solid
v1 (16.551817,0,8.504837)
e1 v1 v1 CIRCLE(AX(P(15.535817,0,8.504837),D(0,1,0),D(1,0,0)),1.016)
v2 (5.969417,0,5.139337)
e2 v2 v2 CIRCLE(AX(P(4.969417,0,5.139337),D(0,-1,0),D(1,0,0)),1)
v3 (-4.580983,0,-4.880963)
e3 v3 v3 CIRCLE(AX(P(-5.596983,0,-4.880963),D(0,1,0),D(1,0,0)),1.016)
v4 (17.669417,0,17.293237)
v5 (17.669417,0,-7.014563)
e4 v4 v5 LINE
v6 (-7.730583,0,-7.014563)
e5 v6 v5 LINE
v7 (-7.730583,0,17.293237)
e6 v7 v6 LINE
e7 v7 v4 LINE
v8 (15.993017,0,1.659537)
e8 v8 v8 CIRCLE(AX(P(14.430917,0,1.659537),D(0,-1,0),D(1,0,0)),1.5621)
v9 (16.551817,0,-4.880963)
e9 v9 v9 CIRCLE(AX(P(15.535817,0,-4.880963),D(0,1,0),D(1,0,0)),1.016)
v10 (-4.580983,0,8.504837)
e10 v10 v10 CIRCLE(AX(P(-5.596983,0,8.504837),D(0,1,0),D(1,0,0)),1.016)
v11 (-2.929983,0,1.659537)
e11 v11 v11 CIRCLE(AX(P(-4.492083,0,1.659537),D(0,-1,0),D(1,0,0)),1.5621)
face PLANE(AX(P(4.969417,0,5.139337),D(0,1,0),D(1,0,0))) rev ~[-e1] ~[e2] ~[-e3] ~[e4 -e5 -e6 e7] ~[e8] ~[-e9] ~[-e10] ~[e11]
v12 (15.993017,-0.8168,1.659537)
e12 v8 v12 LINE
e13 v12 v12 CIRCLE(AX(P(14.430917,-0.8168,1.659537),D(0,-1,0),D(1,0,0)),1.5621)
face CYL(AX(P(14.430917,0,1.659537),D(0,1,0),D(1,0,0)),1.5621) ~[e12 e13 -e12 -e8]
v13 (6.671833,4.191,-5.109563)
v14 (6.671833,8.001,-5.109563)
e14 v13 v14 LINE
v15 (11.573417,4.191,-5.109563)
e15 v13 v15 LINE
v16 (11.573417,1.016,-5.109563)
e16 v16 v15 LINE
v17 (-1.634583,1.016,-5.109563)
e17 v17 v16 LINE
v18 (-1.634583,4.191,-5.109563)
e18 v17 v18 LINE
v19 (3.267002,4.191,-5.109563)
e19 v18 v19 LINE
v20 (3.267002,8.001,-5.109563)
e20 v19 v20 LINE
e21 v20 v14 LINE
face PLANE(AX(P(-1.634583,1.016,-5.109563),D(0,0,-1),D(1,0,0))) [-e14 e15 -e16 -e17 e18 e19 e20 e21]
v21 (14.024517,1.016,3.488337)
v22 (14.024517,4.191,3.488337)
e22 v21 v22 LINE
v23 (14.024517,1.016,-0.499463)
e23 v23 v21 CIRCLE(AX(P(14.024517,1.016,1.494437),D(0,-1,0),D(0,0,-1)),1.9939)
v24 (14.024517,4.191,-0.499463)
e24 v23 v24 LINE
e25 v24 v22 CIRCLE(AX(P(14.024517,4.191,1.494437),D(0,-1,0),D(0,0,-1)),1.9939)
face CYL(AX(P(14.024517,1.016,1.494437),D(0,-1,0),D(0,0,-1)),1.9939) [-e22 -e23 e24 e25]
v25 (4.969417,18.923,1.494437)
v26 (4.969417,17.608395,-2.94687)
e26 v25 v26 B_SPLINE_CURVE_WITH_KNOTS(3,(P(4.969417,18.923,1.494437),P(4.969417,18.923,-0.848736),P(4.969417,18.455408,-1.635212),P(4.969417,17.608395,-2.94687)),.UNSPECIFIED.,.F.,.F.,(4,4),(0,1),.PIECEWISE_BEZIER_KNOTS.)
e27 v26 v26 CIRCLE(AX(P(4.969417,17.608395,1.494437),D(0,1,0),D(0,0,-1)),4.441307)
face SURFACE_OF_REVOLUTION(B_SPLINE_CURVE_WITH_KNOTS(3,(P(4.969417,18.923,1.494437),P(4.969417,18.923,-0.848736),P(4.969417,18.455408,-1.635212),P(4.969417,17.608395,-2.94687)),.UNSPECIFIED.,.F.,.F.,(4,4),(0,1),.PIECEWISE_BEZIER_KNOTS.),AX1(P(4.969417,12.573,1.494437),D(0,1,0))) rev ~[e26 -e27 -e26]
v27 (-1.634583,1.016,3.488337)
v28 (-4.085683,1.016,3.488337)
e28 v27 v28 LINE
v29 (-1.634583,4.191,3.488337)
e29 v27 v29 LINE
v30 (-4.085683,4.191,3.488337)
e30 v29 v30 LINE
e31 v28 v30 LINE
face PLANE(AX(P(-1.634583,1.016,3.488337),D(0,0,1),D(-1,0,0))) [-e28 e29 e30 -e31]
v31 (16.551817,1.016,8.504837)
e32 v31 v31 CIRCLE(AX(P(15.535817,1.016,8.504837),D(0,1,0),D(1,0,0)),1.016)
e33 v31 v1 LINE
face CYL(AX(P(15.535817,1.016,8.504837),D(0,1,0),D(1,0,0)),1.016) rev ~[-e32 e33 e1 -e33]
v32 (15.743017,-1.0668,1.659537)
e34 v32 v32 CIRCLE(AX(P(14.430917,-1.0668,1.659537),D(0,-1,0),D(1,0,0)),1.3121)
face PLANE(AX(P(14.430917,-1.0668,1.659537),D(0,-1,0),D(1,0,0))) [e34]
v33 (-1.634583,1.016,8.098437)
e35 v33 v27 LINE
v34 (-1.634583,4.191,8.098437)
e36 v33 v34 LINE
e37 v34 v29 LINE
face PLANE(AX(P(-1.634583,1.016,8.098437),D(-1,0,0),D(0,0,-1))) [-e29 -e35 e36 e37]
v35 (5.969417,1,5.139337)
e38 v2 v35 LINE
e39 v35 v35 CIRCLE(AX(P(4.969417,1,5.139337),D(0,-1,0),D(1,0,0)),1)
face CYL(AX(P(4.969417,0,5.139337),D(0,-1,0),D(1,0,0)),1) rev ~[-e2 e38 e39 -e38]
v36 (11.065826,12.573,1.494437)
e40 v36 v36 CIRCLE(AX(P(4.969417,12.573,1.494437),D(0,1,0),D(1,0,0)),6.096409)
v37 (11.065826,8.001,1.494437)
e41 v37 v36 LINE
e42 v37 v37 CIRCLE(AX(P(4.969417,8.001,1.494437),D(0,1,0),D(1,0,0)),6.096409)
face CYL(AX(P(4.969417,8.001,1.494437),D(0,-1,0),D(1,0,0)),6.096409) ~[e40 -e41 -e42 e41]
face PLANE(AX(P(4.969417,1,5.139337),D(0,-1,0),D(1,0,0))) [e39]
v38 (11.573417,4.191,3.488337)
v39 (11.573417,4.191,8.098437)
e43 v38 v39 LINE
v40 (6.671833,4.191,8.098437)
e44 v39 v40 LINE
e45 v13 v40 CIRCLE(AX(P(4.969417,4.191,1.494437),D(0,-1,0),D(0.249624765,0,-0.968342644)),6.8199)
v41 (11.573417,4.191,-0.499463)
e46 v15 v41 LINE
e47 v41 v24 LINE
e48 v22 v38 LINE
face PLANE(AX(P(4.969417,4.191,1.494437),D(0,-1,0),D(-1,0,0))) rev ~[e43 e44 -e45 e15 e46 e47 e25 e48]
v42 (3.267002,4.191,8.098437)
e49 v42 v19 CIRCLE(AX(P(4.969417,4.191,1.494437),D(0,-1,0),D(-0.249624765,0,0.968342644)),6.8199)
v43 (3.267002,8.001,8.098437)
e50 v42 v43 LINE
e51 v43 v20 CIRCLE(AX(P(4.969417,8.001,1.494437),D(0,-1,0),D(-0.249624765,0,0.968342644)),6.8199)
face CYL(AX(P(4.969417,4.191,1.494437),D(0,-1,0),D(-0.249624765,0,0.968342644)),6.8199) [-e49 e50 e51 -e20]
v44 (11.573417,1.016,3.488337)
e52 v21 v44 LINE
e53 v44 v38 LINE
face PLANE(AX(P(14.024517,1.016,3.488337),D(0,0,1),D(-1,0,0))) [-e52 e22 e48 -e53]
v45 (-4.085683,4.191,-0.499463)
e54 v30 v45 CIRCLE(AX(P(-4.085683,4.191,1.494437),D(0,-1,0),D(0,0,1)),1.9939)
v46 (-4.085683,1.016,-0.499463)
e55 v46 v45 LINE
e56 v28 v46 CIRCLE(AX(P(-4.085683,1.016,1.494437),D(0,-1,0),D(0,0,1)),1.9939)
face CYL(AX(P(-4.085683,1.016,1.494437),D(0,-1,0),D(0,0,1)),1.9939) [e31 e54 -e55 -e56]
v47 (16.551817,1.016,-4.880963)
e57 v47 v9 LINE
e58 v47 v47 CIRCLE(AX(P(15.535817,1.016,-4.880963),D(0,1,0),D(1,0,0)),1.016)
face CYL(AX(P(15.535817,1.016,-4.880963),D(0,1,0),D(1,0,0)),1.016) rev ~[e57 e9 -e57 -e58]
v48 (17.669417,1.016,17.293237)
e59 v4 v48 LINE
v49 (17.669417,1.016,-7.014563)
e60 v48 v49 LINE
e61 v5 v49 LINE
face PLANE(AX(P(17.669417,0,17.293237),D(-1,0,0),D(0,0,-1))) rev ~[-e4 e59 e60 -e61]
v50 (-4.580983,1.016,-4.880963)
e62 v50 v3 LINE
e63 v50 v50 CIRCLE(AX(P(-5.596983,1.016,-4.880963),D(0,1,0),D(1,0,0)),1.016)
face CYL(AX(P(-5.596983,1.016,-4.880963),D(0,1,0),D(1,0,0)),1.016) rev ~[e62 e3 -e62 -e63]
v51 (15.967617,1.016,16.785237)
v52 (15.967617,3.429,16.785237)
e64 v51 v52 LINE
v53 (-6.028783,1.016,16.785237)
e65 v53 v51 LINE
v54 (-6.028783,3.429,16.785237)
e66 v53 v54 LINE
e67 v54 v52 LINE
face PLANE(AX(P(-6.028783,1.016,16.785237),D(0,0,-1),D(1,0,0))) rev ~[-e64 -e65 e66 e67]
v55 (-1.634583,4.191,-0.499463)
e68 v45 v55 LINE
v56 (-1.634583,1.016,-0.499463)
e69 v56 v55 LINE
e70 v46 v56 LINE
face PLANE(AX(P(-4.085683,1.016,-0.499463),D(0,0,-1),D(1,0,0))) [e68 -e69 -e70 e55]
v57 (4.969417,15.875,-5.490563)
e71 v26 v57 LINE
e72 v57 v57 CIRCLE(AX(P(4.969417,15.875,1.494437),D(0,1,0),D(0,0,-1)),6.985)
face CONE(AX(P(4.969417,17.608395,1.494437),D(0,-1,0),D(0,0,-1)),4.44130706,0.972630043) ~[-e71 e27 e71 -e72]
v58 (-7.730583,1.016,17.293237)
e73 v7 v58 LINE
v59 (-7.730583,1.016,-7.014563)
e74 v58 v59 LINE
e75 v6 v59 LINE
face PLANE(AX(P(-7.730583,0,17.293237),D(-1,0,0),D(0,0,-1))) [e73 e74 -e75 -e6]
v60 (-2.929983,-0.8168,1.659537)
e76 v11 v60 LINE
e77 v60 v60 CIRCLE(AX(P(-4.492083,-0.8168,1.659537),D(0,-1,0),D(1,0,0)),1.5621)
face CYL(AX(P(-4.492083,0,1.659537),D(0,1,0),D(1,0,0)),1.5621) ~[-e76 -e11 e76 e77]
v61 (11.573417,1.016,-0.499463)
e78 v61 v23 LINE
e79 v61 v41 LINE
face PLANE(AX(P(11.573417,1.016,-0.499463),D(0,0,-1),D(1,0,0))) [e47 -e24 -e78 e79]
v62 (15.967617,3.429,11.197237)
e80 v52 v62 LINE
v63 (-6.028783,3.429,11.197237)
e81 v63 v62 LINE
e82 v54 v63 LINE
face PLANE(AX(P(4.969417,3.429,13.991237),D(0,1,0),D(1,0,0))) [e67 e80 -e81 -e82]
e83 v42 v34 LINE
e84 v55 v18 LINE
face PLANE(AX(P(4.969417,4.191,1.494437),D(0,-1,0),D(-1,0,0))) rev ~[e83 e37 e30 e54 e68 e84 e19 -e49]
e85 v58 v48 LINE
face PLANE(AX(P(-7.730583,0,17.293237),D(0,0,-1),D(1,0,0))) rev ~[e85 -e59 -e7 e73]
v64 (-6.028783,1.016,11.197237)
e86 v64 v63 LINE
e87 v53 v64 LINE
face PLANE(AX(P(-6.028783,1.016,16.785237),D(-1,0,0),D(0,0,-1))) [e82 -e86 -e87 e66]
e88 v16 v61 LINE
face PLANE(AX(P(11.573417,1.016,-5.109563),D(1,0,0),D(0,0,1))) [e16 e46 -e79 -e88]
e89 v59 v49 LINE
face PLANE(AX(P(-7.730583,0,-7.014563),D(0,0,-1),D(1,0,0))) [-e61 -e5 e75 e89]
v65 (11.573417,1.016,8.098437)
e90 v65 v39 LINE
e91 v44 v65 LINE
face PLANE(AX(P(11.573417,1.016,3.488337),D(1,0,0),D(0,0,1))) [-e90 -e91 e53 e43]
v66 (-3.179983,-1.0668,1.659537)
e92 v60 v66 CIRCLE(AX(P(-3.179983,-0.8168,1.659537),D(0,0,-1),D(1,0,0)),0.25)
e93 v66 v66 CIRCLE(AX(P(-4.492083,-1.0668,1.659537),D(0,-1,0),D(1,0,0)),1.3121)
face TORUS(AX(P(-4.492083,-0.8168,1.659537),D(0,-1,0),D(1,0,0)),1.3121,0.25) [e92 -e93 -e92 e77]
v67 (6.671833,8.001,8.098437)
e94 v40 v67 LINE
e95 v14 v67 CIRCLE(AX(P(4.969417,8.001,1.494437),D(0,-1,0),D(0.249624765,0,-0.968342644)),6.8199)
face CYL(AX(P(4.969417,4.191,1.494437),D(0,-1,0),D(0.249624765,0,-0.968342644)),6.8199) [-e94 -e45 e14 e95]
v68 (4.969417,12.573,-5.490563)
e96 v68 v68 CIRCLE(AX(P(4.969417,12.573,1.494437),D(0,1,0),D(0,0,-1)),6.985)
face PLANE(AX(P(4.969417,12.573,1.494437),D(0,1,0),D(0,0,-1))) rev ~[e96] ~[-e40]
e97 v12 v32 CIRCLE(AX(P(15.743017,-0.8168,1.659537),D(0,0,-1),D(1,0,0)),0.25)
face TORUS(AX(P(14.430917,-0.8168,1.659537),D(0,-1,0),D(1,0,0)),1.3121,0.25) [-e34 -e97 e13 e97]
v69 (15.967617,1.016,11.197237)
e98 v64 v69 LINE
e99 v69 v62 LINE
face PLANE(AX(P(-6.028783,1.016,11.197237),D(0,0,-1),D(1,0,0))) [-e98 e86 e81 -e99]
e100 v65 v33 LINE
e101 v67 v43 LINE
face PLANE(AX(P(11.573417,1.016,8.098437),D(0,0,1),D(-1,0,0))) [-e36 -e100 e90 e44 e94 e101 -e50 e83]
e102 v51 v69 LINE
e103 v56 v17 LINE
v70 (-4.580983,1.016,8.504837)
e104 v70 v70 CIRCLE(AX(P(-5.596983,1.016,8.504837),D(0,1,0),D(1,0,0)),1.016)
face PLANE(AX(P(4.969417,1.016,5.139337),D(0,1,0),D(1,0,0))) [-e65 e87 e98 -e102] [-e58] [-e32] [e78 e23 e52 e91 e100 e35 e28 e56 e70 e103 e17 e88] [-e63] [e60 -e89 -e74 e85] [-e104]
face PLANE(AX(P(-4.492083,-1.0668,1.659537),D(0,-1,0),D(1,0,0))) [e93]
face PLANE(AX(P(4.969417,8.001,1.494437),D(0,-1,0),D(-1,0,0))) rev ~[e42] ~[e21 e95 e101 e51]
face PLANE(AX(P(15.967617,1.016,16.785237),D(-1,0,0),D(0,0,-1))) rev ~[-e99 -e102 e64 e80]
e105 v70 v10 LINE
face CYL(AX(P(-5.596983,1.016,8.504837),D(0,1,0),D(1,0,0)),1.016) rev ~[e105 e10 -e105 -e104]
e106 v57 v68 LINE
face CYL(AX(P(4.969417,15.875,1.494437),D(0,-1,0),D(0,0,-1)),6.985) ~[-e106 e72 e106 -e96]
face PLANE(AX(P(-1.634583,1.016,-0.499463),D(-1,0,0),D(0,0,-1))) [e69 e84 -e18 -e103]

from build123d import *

# Parameters (mm, degrees)
SKETCH1_W           = 25.4
SKETCH1_H           = 24.3078
BOSS_EXTRUDE1_DEPTH = 1.016
SKETCH2_R           = 1.016
CUT_EXTRUDE1_DEPTH  = 10
SKETCH3_W           = 21.9964
SKETCH3_H           = 5.588
BOSS_EXTRUDE2_DEPTH = 2.413
BOSS_EXTRUDE3_DEPTH = 3.175
BOSS_EXTRUDE4_DEPTH = 3.81
SKETCH6_R           = 6.096408591
BOSS_EXTRUDE5_DEPTH = 4.572
SKETCH9_R           = 1.5621
BOSS_EXTRUDE6_DEPTH = 1.0668
FILLET1_R           = 0.25
SKETCH10_R          = 1
CUT_EXTRUDE2_DEPTH  = 1


with BuildPart() as part:
    # Sketch1 → Boss-Extrude1 (new body)
    with BuildSketch(Plane(origin=(0, 0, 0), x_dir=(1, 0, 0), z_dir=(0, 1, 0))):
        with Locations((4.969417476, -5.139336893)):
            Rectangle(SKETCH1_W, SKETCH1_H)
    extrude(amount=BOSS_EXTRUDE1_DEPTH)

    # Sketch2 → Cut-Extrude1 (cut)
    with BuildSketch(Plane(origin=(0, 1.016, 0), x_dir=(1, 0, 0), z_dir=(0, 1, 0))):
        with Locations((-5.596982524, 4.880963107)):
            Circle(SKETCH2_R)
        with Locations((-5.596982524, -8.504836893)):
            Circle(SKETCH2_R)
        with Locations((15.535817476, 4.880963107)):
            Circle(SKETCH2_R)
        with Locations((15.535817476, -8.504836893)):
            Circle(SKETCH2_R)
    extrude(amount=-CUT_EXTRUDE1_DEPTH, mode=Mode.SUBTRACT)

    # Sketch3 → Boss-Extrude2 (add)
    with BuildSketch(Plane(origin=(0, 1.016, 0), x_dir=(1, 0, 0), z_dir=(0, 1, 0))):
        with Locations((4.969417476, -13.991236893)):
            Rectangle(SKETCH3_W, SKETCH3_H)
    extrude(amount=BOSS_EXTRUDE2_DEPTH)

    # Sketch4 → Boss-Extrude3 (add)
    with BuildSketch(Plane(origin=(0, 1.016, 0), x_dir=(1, 0, 0), z_dir=(0, 1, 0))):
        with BuildLine():
            Line((-1.634582524, 5.109563107), (11.573417476, 5.109563107))
            Line((11.573417476, 5.109563107), (11.573417476, 0.499463107))
            Line((11.573417476, 0.499463107), (14.024517476, 0.499463107))
            ThreePointArc((14.024517476, 0.499463107), (16.018417476, -1.494436893), (14.024517476, -3.488336893))
            Line((14.024517476, -3.488336893), (11.573417476, -3.488336893))
            Line((11.573417476, -3.488336893), (11.573417476, -8.098436893))
            Line((11.573417476, -8.098436893), (-1.634582524, -8.098436893))
            Line((-1.634582524, -8.098436893), (-1.634582524, -3.488336893))
            Line((-1.634582524, -3.488336893), (-4.085682524, -3.488336893))
            ThreePointArc((-4.085682524, -3.488336893), (-6.079582524, -1.494436893), (-4.085682524, 0.499463107))
            Line((-4.085682524, 0.499463107), (-1.634582524, 0.499463107))
            Line((-1.634582524, 0.499463107), (-1.634582524, 5.109563107))
        make_face()
    extrude(amount=BOSS_EXTRUDE3_DEPTH)

    # Sketch5 → Boss-Extrude4 (add)
    with BuildSketch(Plane(origin=(0, 4.191, 0), x_dir=(1, 0, 0), z_dir=(0, 1, 0))):
        with BuildLine():
            Line((6.671833409, -8.098436893), (3.267001542, -8.098436893))
            ThreePointArc((3.267001542, -8.098436893), (-1.850482524, -1.494436893), (3.267001542, 5.109563107))
            Line((3.267001542, 5.109563107), (4.969417476, 5.109563107))
            Line((4.969417476, 5.109563107), (6.671833409, 5.109563107))
            ThreePointArc((6.671833409, 5.109563107), (11.789317476, -1.494436893), (6.671833409, -8.098436893))
        make_face()
    extrude(amount=BOSS_EXTRUDE4_DEPTH)

    # Sketch6 → Boss-Extrude5 (add)
    with BuildSketch(Plane(origin=(0, 8.001, 0), x_dir=(1, 0, 0), z_dir=(0, 1, 0))):
        with Locations((4.969417476, -1.494436893)):
            Circle(SKETCH6_R)
    extrude(amount=BOSS_EXTRUDE5_DEPTH)

    # Sketch8 → Revolve1 (revolve)
    with BuildSketch(Plane(origin=(4.969417476, 12.573, 1.494436893), x_dir=(0, 0, 1), z_dir=(-1, 0, 0))):
        with BuildLine():
            Line((-4.44130706, 5.035394986), (-6.985, 3.302))
            Line((-6.985, 3.302), (-6.985, 0))
            Line((-6.985, 0), (0, 0))
            Line((0, 0), (0, 6.35))
            add(Edge.make_bspline(
                [(0, 6.35), (-2.343173103, 6.35), (-3.129648943, 5.88240785), (-4.44130706, 5.035394986)],
                knots=[0, 0, 0, 0, 1, 1, 1, 1], degree=3))
        make_face()
    revolve(axis=Axis((4.969417476, 12.573, 1.494436893), (0, 1, 0)))

    # Sketch9 → Boss-Extrude6 (add)
    with BuildSketch(Plane.XZ):
        with Locations((14.430917476, 1.659536893)):
            Circle(SKETCH9_R)
        with Locations((-4.492082524, 1.659536893)):
            Circle(SKETCH9_R)
    extrude(amount=BOSS_EXTRUDE6_DEPTH)

    # Fillet1
    fillet1_edges = [part.edges().sort_by_distance(p)[0] for p in [
        (12.868817476, -1.0668, 1.659536893),
        (-6.054182524, -1.0668, 1.659536893),
    ]]
    fillet(fillet1_edges, radius=FILLET1_R)

    # Sketch10 → Cut-Extrude2 (cut)
    with BuildSketch(Plane.XZ):
        with Locations((4.969417476, 5.139336893)):
            Circle(SKETCH10_R)
    extrude(amount=-CUT_EXTRUDE2_DEPTH, mode=Mode.SUBTRACT)


solid = part.part
